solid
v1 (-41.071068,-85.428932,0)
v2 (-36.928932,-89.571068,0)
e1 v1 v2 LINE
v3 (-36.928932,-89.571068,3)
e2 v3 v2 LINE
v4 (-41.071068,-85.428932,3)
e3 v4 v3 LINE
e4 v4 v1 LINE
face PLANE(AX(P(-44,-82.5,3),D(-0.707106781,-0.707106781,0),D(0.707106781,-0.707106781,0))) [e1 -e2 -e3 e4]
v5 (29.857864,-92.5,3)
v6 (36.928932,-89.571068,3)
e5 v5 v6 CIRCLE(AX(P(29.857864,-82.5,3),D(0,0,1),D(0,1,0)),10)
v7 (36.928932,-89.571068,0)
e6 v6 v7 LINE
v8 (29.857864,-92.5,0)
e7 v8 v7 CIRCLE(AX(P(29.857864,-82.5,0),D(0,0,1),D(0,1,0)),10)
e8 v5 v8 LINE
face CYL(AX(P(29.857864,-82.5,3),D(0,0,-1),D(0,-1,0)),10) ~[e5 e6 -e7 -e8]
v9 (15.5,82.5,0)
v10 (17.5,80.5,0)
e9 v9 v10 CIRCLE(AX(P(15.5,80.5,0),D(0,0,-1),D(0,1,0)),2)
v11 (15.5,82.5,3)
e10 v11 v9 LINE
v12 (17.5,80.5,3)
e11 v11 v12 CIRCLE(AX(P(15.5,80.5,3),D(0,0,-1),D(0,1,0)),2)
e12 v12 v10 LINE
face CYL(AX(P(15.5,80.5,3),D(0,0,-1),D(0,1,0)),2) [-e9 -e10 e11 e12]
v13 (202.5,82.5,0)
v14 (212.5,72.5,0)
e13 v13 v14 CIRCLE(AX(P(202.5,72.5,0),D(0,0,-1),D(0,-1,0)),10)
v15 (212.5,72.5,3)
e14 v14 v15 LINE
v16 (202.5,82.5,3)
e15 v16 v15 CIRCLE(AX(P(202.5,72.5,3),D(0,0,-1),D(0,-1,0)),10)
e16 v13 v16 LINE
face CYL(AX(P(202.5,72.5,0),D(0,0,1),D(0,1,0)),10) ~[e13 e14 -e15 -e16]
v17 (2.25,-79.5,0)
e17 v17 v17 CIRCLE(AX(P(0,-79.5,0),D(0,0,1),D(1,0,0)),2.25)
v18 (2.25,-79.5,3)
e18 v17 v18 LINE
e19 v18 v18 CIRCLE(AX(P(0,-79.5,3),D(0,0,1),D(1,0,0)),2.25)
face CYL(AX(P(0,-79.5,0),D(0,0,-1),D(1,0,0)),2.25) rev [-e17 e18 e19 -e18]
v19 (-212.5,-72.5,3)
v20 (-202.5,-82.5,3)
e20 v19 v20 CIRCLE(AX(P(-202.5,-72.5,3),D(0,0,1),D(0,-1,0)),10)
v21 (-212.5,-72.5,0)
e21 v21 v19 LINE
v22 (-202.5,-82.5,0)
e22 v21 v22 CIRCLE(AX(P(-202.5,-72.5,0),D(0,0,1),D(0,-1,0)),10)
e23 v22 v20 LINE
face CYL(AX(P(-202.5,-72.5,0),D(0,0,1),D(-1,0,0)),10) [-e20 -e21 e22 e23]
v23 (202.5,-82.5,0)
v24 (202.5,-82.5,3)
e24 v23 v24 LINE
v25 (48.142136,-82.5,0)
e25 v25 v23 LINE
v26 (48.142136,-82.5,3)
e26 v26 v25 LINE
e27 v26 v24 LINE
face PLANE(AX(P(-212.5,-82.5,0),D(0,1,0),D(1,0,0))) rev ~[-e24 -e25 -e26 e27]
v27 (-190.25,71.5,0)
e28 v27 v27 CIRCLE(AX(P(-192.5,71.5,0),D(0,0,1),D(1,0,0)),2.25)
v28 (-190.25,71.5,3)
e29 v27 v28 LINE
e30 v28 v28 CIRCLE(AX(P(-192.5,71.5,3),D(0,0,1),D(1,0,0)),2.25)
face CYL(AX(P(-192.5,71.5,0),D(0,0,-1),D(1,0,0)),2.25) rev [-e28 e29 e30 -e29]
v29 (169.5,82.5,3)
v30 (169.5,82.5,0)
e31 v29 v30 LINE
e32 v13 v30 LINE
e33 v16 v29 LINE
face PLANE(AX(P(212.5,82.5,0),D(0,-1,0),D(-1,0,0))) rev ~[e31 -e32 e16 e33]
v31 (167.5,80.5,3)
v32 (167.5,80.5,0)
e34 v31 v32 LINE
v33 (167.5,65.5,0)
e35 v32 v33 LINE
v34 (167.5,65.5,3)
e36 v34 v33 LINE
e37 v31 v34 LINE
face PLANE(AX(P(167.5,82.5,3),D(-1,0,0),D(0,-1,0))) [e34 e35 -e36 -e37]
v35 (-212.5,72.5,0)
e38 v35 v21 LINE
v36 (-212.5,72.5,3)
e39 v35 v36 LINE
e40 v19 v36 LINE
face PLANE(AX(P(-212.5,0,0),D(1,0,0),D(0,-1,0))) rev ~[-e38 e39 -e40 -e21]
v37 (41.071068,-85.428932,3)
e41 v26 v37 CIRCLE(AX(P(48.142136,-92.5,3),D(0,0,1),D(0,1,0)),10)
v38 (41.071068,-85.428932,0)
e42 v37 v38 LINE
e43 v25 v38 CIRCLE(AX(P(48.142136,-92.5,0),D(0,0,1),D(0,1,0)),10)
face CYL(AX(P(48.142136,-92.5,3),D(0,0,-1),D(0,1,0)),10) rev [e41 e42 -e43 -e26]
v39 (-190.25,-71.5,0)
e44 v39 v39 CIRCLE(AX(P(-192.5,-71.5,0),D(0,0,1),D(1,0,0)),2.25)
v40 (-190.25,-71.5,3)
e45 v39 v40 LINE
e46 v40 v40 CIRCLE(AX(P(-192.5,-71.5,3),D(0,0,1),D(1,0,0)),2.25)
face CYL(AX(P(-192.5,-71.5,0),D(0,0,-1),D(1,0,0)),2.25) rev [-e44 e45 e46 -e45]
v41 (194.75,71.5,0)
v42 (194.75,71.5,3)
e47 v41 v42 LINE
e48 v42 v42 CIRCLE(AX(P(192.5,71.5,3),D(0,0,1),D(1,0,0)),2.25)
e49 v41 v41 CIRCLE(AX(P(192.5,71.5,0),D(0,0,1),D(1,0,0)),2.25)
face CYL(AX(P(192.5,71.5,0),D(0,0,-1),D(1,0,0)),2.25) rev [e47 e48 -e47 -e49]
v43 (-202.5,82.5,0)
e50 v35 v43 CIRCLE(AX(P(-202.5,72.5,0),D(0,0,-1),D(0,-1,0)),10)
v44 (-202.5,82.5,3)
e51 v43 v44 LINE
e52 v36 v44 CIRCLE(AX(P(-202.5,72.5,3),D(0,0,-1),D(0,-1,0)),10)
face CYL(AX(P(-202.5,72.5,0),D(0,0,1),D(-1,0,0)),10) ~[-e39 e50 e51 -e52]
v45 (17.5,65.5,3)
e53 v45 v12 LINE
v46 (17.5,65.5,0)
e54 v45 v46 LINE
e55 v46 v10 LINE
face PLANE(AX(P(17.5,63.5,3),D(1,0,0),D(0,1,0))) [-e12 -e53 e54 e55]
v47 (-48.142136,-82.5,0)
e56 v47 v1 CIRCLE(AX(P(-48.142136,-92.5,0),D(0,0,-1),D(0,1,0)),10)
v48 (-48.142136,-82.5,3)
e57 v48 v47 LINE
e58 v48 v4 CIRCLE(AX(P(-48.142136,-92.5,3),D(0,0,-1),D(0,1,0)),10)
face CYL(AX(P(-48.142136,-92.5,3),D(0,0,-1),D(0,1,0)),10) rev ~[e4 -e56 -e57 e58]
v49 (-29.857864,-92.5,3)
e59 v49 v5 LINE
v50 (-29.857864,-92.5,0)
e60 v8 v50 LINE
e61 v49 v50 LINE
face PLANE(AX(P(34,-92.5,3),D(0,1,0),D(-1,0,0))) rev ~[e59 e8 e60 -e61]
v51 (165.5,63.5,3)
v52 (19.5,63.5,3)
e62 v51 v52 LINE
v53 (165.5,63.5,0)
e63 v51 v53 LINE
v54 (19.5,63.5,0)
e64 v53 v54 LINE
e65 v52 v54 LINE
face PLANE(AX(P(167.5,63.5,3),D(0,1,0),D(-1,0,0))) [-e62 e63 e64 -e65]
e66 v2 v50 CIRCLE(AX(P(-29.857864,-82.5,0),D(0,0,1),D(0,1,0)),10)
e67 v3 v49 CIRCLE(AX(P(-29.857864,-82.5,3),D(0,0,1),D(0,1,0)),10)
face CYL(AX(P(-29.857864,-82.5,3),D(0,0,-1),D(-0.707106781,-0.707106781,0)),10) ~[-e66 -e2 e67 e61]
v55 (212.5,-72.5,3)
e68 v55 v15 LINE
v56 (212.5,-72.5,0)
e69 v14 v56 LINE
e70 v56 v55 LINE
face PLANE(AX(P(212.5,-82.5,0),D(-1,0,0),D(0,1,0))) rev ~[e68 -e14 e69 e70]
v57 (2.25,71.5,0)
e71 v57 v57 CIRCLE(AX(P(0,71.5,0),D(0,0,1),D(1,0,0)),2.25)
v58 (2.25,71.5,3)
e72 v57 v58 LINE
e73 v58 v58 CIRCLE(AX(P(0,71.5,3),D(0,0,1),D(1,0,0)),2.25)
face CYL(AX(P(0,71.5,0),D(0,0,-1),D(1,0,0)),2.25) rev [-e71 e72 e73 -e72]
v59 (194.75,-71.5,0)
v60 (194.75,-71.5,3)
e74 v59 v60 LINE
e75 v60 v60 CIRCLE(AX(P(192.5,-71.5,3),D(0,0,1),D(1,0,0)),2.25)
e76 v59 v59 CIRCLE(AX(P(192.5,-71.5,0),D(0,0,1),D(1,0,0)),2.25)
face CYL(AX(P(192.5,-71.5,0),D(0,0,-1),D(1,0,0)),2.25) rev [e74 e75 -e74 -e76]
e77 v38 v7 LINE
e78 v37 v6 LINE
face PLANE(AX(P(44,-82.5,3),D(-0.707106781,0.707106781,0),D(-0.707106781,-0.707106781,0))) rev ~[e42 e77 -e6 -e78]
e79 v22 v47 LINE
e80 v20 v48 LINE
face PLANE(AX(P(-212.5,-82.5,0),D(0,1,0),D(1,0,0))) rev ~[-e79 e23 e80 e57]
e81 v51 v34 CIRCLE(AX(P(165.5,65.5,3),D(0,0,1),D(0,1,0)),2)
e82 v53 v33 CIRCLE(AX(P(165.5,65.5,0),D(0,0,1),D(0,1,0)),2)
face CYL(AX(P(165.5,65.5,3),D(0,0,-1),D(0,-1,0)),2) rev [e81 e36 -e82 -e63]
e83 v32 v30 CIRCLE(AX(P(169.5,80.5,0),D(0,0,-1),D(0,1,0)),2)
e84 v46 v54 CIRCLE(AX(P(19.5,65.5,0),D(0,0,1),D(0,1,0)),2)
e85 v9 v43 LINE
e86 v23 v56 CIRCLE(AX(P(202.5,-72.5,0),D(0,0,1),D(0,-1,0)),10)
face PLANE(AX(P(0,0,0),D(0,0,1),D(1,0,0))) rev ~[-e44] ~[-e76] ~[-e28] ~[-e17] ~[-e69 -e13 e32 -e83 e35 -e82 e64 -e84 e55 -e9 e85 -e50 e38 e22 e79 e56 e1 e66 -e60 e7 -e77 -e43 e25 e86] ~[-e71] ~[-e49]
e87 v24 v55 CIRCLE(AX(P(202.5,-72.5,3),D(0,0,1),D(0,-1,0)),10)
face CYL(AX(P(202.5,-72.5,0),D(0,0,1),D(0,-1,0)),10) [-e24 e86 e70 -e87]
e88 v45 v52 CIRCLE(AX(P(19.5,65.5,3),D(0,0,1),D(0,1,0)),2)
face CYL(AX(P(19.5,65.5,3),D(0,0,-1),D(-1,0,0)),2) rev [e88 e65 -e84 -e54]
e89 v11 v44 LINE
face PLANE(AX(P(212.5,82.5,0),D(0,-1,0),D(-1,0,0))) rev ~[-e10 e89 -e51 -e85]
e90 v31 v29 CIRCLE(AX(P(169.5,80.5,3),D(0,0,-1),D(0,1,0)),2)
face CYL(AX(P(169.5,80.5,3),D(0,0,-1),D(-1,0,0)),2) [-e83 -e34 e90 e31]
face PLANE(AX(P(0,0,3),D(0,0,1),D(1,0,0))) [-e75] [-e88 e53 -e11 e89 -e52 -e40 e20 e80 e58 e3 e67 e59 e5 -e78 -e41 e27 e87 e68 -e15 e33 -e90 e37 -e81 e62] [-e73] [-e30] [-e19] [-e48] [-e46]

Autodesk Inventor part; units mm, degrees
ref_plane "YZ Plane" through (0, 0, 0) normal (1, 0, 0) x (0, 1, 0)
ref_plane "XZ Plane" through (0, 0, 0) normal (0, 1, 0) x (-1, 0, 0)
ref_plane "XY Plane" through (0, 0, 0) normal (0, 0, 1) x (1, 0, 0)
sketch "Sketch1" plane through (0, 0, 0) normal (0, 0, 1) x (1, 0, 0)
  line L0 (-212.5, -82.5) -> (212.5, -82.5)
  line L1 (212.5, -82.5) -> (212.5, 82.5)
  line L2 (212.5, 82.5) -> (-212.5, 82.5)
  line L3 (-212.5, 82.5) -> (-212.5, -82.5)
  line L4 (-212.5, -82.5) -> (212.5, 82.5) construction
  line L5 (212.5, -82.5) -> (-212.5, 82.5) construction
  line L6 (0, 118.3995) -> (0, -118.3995) construction
  circle A0 centre (0, 71.5) radius 2.25
  circle A1 centre (-192.5, 71.5) radius 2.25
  line L7 (-300.3995, 0) -> (300.3995, 0) projected
  circle A2 centre (192.5, 71.5) radius 2.25
  circle A3 centre (0, -71.5) radius 2.25 construction
  circle A4 centre (-192.5, -71.5) radius 2.25
  circle A5 centre (192.5, -71.5) radius 2.25
  line L8 (-194.25, 0.5) -> (-194.25, -40.0844) construction
  circle A6 centre (0, -79.5) radius 2.25
  point P0 (0, 0)
  dimension "d0" = 425
  dimension "d1" = 165
  dimension "d2" = 4.5
  dimension "d3" = 71.5
  dimension "d4" = 192.5
  dimension "d5" = 4.5
  dimension "d6" = 71.5
  dimension "d12" = 72
  dimension "d14" = 194.25
  dimension "d24" = 8
  dimension "d25" = 4.5
extrude "Extrusion1" add sketch "Sketch1" along normal blind 3
fillet "Fillet1" radius 10 4 edges at (-212.5, -82.5, 1.5) (-212.5, 82.5, 1.5) (212.5, -82.5, 1.5) (212.5, 82.5, 1.5)
sketch "Sketch3" plane through (0, 0, 3) normal (0, 0, 1) x (1, 0, 0)
  line L0 (17.5, 82.5) -> (167.5, 82.5)
  line L1 (167.5, 82.5) -> (167.5, 63.5)
  line L2 (167.5, 63.5) -> (17.5, 63.5)
  line L3 (17.5, 63.5) -> (17.5, 82.5)
  line L4 (202.5, 82.5) -> (-202.5, 82.5) projected
  line L5 (212.5, -72.5) -> (212.5, 72.5) projected
  point P0 (0, 0)
  dimension "d18" = 45
  dimension "d19" = 150
  dimension "d20" = 19
extrude "Extrusion2" cut sketch "Sketch3" against normal blind 3
fillet "Fillet2" radius 2 4 edges at (17.5, 63.5, 1.5) (17.5, 82.5, 1.5) (167.5, 82.5, 1.5) (167.5, 63.5, 1.5)
sketch "Sketch6" plane through (0, 0, 3) normal (0, 0, 1) x (1, 0, 0)
  line L0 (0, 117.5) -> (0, -127.5) projected
  line L1 (-202.5, -82.5) -> (202.5, -82.5) projected
  line L2 (-202.5, -82.5) -> (202.5, -82.5) projected
  line L3 (-44, -82.5) -> (-34, -92.5)
  line L4 (-34, -92.5) -> (0, -92.5)
  line L5 (44, -82.5) -> (34, -92.5)
  line L6 (34, -92.5) -> (0, -92.5)
  point P0 (0, 0)
  dimension "d26" = 45
  dimension "d27" = 10
extrude "Extrusion3" add sketch "Sketch6" against normal up to surface (3 mm away)
fillet "Fillet3" radius 10 4 edges at (-44, -82.5, 1.5) (-34, -92.5, 1.5) (34, -92.5, 1.5) (44, -82.5, 1.5)
sketch "Sketch7" plane through (0, 0, 3) normal (0, 0, 1) x (1, 0, 0)
  circle A0 centre (192.5, 71.5) radius 2.25 projected
  circle A1 centre (-192.5, 71.5) radius 2.25 projected
  circle A2 centre (0, 71.5) radius 2.25 projected
  circle A3 centre (-192.5, -71.5) radius 2.25 projected
  circle A4 centre (192.5, -71.5) radius 2.25 projected
  circle A5 centre (0, -79.5) radius 2.25 projected
  arc A6 (29.8579, -92.5) -> (36.9289, -89.5711) centre (29.8579, -82.5) ccw projected
  line L0 (36.9289, -89.5711) -> (41.0711, -85.4289) projected
  arc A7 (48.1421, -82.5) -> (41.0711, -85.4289) centre (48.1421, -92.5) ccw projected
  line L1 (48.1421, -82.5) -> (202.5, -82.5) projected
  arc A8 (202.5, -82.5) -> (212.5, -72.5) centre (202.5, -72.5) ccw projected
  line L2 (212.5, -72.5) -> (212.5, 72.5) projected
  arc A9 (212.5, 72.5) -> (202.5, 82.5) centre (202.5, 72.5) ccw projected
  line L3 (202.5, 82.5) -> (169.5, 82.5) projected
  arc A10 (169.5, 82.5) -> (167.5, 80.5) centre (169.5, 80.5) ccw projected
  line L4 (167.5, 80.5) -> (167.5, 65.5) projected
  arc A11 (165.5, 63.5) -> (167.5, 65.5) centre (165.5, 65.5) ccw projected
  line L5 (165.5, 63.5) -> (19.5, 63.5) projected
  arc A12 (17.5, 65.5) -> (19.5, 63.5) centre (19.5, 65.5) ccw projected
  line L6 (17.5, 65.5) -> (17.5, 80.5) projected
  arc A13 (17.5, 80.5) -> (15.5, 82.5) centre (15.5, 80.5) ccw projected
  line L7 (15.5, 82.5) -> (-202.5, 82.5) projected
  arc A14 (-202.5, 82.5) -> (-212.5, 72.5) centre (-202.5, 72.5) ccw projected
  line L8 (-212.5, 72.5) -> (-212.5, -72.5) projected
  arc A15 (-212.5, -72.5) -> (-202.5, -82.5) centre (-202.5, -72.5) ccw projected
  line L9 (-202.5, -82.5) -> (-48.1421, -82.5) projected
  arc A16 (-41.0711, -85.4289) -> (-48.1421, -82.5) centre (-48.1421, -92.5) ccw projected
  line L10 (-41.0711, -85.4289) -> (-36.9289, -89.5711) projected
  arc A17 (-36.9289, -89.5711) -> (-29.8579, -92.5) centre (-29.8579, -82.5) ccw projected
  line L11 (-29.8579, -92.5) -> (29.8579, -92.5) projected
  point P0 (0, 0)
equation "\"d5\" = d2"
equation "\"d6\" = d3"
equation "\"d25\" = d5"
properties part number "KeyBoardHolder"
